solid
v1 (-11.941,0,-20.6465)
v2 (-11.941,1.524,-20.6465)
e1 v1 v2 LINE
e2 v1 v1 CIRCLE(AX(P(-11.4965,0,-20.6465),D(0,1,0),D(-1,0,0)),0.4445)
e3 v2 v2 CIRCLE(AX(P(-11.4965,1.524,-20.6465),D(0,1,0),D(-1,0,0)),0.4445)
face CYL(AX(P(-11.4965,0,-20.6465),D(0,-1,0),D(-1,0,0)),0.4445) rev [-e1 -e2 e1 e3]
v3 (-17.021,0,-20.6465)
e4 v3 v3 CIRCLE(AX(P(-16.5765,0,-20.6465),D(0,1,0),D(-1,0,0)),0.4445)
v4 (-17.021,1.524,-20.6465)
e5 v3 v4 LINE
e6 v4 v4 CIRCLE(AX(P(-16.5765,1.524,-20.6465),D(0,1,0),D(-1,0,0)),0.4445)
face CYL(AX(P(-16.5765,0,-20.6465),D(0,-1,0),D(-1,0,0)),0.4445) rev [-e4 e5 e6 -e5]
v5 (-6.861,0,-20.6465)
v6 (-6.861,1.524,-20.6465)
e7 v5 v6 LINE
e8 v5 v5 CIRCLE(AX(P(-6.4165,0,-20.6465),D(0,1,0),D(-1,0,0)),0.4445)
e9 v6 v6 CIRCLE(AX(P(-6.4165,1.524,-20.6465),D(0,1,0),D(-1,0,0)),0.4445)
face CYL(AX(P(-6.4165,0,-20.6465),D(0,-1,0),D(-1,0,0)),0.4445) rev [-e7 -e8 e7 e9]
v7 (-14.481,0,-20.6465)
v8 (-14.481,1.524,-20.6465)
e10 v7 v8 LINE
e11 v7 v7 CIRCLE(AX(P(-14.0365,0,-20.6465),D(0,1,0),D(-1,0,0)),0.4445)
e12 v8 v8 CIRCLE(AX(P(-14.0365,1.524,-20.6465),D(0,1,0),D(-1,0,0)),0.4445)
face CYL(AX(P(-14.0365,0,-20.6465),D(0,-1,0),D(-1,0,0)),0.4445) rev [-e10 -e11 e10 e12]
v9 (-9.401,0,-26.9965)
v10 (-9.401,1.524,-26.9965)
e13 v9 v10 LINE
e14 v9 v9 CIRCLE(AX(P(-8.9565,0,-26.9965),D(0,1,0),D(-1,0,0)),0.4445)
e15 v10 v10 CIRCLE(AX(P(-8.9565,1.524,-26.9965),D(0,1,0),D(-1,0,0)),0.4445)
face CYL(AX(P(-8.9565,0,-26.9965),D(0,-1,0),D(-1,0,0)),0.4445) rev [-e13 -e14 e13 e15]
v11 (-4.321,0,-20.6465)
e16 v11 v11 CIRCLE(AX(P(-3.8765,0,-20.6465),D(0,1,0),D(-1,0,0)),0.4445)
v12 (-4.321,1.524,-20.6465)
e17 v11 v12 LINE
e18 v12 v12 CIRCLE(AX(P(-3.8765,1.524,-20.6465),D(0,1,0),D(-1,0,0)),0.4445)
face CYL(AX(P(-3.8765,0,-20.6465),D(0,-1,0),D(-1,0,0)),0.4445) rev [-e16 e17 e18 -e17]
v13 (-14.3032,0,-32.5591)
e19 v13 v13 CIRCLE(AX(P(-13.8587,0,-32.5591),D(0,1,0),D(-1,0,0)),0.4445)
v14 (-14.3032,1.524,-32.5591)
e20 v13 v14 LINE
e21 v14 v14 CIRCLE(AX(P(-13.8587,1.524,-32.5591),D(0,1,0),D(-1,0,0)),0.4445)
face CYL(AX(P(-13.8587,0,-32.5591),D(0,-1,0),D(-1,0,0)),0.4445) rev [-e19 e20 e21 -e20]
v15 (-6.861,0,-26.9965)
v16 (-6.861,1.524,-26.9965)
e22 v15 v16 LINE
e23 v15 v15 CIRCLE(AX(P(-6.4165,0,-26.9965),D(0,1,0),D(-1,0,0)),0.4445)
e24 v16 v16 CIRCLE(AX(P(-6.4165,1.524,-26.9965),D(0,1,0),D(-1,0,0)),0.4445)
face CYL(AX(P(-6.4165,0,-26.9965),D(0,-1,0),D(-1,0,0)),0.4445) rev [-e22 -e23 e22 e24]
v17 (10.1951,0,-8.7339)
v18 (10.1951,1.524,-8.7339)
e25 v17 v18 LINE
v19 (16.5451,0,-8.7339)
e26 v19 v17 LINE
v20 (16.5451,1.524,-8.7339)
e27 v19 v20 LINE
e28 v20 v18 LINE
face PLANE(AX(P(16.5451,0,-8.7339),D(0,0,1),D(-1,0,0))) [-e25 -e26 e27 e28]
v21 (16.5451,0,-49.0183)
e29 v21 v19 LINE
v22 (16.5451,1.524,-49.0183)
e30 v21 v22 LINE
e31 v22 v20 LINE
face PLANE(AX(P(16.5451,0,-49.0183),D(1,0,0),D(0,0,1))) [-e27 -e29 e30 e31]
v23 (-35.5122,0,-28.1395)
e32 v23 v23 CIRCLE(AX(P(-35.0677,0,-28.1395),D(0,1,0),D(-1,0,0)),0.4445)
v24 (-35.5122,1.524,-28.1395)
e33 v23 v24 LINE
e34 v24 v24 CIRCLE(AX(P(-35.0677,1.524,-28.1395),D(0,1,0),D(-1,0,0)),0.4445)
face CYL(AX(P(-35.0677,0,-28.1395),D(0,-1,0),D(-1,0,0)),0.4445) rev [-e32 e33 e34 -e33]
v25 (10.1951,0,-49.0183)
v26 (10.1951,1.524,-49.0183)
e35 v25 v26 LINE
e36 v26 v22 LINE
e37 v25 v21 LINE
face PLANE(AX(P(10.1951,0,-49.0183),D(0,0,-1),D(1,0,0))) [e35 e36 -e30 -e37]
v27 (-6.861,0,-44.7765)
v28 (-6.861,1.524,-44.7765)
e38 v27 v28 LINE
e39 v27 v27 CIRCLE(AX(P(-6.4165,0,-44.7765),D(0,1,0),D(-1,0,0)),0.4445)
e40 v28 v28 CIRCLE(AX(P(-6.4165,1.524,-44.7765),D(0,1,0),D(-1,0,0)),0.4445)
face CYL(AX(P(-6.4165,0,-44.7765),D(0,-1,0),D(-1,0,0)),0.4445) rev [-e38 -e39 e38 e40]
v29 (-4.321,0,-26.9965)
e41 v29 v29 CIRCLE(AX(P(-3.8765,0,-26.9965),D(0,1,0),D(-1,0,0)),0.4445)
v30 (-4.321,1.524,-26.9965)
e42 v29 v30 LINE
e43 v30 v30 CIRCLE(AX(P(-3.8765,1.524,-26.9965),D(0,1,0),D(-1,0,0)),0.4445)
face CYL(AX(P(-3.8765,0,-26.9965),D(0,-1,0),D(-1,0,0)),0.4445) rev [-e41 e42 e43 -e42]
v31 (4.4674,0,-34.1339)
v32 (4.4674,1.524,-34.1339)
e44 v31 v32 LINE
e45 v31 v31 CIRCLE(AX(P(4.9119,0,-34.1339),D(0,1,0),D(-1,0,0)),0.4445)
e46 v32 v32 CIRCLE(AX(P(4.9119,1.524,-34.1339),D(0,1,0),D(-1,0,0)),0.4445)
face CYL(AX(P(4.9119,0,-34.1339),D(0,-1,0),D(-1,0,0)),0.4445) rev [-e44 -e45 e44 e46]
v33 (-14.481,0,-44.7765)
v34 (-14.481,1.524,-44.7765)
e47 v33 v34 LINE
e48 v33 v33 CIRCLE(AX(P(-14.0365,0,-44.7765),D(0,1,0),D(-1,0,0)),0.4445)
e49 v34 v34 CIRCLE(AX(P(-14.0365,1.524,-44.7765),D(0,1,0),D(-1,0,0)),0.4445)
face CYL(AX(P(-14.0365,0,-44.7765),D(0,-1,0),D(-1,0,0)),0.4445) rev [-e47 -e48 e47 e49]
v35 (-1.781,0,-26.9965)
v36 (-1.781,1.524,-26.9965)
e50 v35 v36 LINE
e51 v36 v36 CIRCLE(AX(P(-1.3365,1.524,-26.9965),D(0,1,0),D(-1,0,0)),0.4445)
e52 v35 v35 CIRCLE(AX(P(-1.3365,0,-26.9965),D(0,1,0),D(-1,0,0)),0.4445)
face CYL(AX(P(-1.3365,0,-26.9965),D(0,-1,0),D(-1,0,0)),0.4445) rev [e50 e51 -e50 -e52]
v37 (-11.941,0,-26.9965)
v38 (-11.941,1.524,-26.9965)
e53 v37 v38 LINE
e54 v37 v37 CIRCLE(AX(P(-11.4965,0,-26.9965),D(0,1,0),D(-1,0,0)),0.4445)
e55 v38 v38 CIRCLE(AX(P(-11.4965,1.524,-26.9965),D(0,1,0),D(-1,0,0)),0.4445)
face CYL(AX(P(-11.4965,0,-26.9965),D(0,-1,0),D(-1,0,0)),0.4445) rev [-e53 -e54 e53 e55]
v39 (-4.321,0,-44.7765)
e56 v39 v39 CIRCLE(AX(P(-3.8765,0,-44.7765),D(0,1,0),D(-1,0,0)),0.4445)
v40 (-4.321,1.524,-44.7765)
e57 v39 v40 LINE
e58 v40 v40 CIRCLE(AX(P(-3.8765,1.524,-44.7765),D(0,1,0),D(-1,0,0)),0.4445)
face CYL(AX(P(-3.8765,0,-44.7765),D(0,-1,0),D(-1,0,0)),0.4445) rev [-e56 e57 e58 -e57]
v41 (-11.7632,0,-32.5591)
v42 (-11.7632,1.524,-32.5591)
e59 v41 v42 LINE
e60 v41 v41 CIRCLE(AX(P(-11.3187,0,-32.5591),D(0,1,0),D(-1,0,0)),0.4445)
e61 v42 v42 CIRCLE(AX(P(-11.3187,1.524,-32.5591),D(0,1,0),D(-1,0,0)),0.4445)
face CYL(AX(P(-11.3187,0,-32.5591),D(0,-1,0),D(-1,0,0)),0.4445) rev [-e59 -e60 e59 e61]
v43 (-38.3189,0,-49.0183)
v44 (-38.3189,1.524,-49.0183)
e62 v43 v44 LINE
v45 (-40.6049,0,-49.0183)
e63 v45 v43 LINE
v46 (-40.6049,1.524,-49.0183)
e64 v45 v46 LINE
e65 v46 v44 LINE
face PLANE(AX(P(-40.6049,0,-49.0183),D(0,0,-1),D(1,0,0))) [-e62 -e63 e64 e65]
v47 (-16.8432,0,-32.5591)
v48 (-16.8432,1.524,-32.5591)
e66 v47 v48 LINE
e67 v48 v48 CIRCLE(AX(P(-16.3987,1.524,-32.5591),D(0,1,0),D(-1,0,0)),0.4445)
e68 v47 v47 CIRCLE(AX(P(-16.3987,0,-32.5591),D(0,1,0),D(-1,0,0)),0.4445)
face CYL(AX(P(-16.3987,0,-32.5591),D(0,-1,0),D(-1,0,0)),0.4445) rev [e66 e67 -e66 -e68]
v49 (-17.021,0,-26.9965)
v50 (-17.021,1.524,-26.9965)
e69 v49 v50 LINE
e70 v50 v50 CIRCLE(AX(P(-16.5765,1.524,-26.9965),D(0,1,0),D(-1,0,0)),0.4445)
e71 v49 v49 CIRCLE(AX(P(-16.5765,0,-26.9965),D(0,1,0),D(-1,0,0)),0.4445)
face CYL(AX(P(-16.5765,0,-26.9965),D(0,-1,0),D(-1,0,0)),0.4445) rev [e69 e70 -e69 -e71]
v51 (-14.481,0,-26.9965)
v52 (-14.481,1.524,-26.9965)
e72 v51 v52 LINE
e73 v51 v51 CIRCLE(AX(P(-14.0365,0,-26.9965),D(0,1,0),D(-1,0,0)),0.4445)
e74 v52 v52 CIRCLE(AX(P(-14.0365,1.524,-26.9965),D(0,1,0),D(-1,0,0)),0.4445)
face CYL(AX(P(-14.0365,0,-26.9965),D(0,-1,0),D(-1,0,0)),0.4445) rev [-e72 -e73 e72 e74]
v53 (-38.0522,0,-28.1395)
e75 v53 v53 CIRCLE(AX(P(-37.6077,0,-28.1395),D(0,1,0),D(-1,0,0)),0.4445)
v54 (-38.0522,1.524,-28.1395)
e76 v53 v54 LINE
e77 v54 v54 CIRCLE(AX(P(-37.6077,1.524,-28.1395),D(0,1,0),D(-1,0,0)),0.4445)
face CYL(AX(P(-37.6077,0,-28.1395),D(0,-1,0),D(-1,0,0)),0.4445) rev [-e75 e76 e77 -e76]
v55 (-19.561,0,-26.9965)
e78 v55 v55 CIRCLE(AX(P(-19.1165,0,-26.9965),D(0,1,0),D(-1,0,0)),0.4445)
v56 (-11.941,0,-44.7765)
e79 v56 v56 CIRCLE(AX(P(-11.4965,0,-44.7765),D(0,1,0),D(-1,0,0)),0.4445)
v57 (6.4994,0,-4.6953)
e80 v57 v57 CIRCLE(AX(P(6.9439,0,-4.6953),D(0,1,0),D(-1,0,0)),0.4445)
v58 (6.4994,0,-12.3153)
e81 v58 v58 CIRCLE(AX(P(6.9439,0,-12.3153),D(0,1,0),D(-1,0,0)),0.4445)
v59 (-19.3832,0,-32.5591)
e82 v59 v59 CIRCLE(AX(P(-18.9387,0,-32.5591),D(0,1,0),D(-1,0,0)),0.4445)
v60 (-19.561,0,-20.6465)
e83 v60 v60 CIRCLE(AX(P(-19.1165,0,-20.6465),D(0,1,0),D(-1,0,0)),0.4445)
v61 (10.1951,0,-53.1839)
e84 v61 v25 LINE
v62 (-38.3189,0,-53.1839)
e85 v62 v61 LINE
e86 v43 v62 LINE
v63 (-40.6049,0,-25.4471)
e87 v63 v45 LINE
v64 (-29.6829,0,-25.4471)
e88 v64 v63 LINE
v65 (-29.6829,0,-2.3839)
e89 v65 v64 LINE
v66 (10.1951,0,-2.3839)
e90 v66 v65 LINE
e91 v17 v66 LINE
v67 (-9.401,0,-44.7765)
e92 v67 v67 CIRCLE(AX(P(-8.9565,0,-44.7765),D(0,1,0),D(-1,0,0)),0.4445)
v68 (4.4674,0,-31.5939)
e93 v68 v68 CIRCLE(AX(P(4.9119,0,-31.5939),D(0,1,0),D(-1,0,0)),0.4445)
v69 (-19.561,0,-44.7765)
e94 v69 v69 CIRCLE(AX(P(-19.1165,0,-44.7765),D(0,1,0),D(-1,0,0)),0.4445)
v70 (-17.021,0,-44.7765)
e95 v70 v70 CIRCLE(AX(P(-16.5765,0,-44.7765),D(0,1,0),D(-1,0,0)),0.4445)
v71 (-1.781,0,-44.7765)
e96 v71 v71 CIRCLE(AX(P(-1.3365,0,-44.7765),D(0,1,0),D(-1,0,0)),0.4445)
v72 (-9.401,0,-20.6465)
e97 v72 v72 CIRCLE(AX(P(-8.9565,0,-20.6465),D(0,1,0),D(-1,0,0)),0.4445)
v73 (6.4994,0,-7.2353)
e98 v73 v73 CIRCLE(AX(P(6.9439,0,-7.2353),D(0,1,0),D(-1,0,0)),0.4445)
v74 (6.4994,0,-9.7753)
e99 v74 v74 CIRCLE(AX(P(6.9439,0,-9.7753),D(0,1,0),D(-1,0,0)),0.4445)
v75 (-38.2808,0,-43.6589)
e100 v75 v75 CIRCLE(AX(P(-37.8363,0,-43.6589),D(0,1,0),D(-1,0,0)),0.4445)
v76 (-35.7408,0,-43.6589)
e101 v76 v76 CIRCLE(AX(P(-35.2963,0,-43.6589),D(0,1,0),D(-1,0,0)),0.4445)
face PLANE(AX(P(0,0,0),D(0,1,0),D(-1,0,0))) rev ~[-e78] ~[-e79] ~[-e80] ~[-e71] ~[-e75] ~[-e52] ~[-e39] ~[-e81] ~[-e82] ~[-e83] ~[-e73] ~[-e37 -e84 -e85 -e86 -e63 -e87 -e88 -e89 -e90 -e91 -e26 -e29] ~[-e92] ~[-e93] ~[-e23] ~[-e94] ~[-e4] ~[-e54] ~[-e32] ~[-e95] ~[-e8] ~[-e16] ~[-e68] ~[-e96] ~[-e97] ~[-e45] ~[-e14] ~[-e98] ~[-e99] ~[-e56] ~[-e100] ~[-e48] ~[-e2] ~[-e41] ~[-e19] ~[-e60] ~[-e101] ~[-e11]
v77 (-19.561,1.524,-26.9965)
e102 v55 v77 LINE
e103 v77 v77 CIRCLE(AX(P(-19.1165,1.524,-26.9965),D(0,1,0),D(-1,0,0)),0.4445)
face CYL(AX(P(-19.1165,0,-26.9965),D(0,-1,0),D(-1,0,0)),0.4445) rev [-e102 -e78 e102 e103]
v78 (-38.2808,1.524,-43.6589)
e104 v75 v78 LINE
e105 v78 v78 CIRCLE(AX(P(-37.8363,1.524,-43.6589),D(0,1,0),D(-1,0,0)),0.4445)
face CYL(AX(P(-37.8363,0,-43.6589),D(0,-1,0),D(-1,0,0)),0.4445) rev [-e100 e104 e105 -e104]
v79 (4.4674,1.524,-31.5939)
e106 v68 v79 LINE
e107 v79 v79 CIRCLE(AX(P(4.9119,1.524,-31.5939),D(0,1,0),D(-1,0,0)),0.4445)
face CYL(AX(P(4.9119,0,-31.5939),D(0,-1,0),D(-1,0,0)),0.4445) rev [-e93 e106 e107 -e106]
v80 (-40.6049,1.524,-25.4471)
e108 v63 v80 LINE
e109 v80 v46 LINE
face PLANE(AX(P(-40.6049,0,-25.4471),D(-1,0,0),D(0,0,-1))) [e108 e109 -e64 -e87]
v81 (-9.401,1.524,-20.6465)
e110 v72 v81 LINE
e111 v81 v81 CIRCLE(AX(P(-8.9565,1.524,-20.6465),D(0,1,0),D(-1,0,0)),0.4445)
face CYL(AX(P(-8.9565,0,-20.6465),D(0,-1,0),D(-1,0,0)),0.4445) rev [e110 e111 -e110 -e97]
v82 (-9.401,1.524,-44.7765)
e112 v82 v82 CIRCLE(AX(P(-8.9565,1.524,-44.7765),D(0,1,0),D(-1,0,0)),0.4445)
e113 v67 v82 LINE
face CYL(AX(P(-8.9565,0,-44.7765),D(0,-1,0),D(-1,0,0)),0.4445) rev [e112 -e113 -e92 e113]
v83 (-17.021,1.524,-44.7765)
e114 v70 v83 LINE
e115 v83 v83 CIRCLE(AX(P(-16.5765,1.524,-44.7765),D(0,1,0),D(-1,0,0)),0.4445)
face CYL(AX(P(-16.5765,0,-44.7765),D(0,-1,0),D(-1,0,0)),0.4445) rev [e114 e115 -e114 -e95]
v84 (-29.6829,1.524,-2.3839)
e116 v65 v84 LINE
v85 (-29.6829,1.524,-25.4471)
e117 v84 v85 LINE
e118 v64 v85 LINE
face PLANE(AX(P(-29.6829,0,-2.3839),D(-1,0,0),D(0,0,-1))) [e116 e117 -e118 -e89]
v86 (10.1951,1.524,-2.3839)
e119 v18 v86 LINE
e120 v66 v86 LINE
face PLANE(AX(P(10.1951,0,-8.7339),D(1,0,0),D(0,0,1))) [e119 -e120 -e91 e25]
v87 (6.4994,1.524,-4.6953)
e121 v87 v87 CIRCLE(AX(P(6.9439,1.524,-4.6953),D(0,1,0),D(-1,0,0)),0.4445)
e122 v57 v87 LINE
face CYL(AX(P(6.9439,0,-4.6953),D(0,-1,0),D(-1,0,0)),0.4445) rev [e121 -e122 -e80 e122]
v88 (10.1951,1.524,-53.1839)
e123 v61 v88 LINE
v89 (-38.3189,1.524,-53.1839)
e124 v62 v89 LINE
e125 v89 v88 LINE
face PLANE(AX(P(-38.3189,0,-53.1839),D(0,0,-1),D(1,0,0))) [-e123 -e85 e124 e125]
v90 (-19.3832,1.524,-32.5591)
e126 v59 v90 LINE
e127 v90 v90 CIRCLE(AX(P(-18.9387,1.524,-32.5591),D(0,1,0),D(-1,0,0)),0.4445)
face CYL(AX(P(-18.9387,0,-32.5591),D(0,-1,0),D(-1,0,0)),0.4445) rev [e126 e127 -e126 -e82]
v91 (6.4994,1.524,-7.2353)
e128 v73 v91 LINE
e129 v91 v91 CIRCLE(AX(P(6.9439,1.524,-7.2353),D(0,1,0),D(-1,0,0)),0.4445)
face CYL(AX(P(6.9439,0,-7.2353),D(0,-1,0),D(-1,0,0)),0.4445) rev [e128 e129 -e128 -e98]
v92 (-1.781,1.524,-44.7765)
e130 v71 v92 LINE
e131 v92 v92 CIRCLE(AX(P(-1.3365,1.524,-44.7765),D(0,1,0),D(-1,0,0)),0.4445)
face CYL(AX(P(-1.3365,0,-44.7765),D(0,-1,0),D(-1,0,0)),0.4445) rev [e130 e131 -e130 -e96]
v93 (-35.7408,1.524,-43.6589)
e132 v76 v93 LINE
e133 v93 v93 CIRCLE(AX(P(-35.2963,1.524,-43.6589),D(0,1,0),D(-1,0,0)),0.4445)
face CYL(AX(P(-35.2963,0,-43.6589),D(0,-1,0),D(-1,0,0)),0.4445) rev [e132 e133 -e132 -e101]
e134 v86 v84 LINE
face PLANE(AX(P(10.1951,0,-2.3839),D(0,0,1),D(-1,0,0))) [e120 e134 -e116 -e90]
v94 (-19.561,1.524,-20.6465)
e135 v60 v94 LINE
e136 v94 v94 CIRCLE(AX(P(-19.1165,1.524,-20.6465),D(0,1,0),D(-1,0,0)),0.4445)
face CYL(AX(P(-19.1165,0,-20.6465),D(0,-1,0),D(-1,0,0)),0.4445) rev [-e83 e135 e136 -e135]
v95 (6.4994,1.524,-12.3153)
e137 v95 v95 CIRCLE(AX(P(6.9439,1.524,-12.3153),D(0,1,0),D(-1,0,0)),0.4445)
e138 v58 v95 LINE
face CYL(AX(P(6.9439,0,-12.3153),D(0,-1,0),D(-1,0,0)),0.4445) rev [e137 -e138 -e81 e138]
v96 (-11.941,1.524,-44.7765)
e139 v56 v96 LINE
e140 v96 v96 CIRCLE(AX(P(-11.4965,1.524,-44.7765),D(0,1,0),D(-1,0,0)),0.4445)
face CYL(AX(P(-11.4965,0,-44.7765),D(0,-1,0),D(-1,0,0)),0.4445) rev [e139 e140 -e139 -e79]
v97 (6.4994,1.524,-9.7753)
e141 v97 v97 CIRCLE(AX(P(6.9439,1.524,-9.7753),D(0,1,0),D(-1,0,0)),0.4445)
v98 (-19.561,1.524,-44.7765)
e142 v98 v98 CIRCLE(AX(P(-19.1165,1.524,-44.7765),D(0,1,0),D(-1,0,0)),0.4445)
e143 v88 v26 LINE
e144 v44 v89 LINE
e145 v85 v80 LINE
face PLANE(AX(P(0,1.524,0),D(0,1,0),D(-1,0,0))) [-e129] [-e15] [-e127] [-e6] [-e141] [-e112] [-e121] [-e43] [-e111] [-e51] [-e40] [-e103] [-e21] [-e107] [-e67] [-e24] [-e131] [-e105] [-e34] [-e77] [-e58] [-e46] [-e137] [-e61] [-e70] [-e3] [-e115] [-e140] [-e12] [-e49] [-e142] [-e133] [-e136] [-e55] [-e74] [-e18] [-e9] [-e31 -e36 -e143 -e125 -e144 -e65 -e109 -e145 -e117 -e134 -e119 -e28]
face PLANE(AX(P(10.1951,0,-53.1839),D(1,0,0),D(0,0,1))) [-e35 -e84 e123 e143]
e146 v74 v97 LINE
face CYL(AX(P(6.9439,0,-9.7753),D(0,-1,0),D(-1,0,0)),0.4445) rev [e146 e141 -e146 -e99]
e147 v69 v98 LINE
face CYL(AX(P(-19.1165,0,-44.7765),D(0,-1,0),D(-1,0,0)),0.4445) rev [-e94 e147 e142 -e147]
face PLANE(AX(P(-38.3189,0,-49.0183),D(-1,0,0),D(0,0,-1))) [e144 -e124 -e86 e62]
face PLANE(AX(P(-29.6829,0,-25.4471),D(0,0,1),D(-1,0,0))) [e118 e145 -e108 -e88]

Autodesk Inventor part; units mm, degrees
ref_plane "YZ Plane" through (0, 0, 0) normal (1, 0, 0) x (0, 1, 0)
ref_plane "XZ Plane" through (0, 0, 0) normal (0, 1, 0) x (-1, 0, 0)
ref_plane "XY Plane" through (0, 0, 0) normal (0, 0, 1) x (1, 0, 0)
sketch "Sketch1" plane through (0, 0, 0) normal (0, 1, 0) x (-1, 0, 0)
  line L0 (38.3189, -53.1839) -> (-10.1951, -53.1839)
  line L1 (-10.1951, -53.1839) -> (-10.1951, -49.0183)
  line L2 (-10.1951, -49.0183) -> (-16.5451, -49.0183)
  line L3 (-16.5451, -49.0183) -> (-16.5451, -8.7339)
  line L4 (-16.5451, -8.7339) -> (-10.1951, -8.7339)
  line L5 (-10.1951, -8.7339) -> (-10.1951, -2.3839)
  line L6 (-10.1951, -2.3839) -> (29.6829, -2.3839)
  line L7 (29.6829, -2.3839) -> (29.6829, -25.4471)
  line L8 (29.6829, -25.4471) -> (40.6049, -25.4471)
  line L9 (40.6049, -25.4471) -> (40.6049, -49.0183)
  line L10 (40.6049, -49.0183) -> (38.3189, -49.0183)
  line L11 (38.3189, -49.0183) -> (38.3189, -53.1839)
  circle A0 centre (37.8363, -43.6589) radius 0.4445
  circle A1 centre (35.2963, -43.6589) radius 0.4445
  circle A2 centre (37.6077, -28.1395) radius 0.4445
  circle A3 centre (35.0677, -28.1395) radius 0.4445
  circle A4 centre (19.1165, -44.7765) radius 0.4445
  circle A5 centre (16.5765, -44.7765) radius 0.4445
  circle A6 centre (14.0365, -44.7765) radius 0.4445
  circle A7 centre (11.4965, -44.7765) radius 0.4445
  circle A8 centre (8.9565, -44.7765) radius 0.4445
  circle A9 centre (6.4165, -44.7765) radius 0.4445
  circle A10 centre (3.8765, -44.7765) radius 0.4445
  circle A11 centre (1.3365, -44.7765) radius 0.4445
  circle A12 centre (19.1165, -26.9965) radius 0.4445
  circle A13 centre (16.5765, -26.9965) radius 0.4445
  circle A14 centre (14.0365, -26.9965) radius 0.4445
  circle A15 centre (11.4965, -26.9965) radius 0.4445
  circle A16 centre (8.9565, -26.9965) radius 0.4445
  circle A17 centre (6.4165, -26.9965) radius 0.4445
  circle A18 centre (3.8765, -26.9965) radius 0.4445
  circle A19 centre (1.3365, -26.9965) radius 0.4445
  circle A20 centre (19.1165, -20.6465) radius 0.4445
  circle A21 centre (16.5765, -20.6465) radius 0.4445
  circle A22 centre (14.0365, -20.6465) radius 0.4445
  circle A23 centre (11.4965, -20.6465) radius 0.4445
  circle A24 centre (8.9565, -20.6465) radius 0.4445
  circle A25 centre (6.4165, -20.6465) radius 0.4445
  circle A26 centre (3.8765, -20.6465) radius 0.4445
  circle A27 centre (18.9387, -32.5591) radius 0.4445
  circle A28 centre (16.3987, -32.5591) radius 0.4445
  circle A29 centre (13.8587, -32.5591) radius 0.4445
  circle A30 centre (11.3187, -32.5591) radius 0.4445
  circle A31 centre (-6.9439, -4.6953) radius 0.4445
  circle A32 centre (-6.9439, -7.2353) radius 0.4445
  circle A33 centre (-6.9439, -9.7753) radius 0.4445
  circle A34 centre (-6.9439, -12.3153) radius 0.4445
  circle A35 centre (-4.9119, -31.5939) radius 0.4445
  circle A36 centre (-4.9119, -34.1339) radius 0.4445
  point P0 (0, 0)
  dimension "d0" = 57.15
  dimension "d1" = 50.8
  dimension "d2" = 4.1656
  dimension "d3" = 6.35
  dimension "d4" = 6.35
  dimension "d5" = 10.922
  dimension "d6" = 23.0632
  dimension "d7" = 2.286
  dimension "d8" = 0.889
  dimension "d9" = 2.54
  dimension "d10" = 2.7686
  dimension "d11" = 9.525
  dimension "d12" = 0.889
  dimension "d13" = 2.54
  dimension "d14" = 2.6924
  dimension "d15" = 2.9972
  dimension "d16" = 2.54
  dimension "d17" = 2.54
  dimension "d18" = 2.54
  dimension "d19" = 2.54
  dimension "d20" = 2.54
  dimension "d21" = 2.54
  dimension "d22" = 2.54
  dimension "d23" = 8.4074
  dimension "d24" = 21.4884
  dimension "d25" = 2.54
  dimension "d26" = 2.54
  dimension "d27" = 2.54
  dimension "d28" = 2.54
  dimension "d29" = 2.54
  dimension "d30" = 2.54
  dimension "d31" = 2.54
  dimension "d32" = 17.78
  dimension "d33" = 2.54
  dimension "d34" = 2.54
  dimension "d35" = 2.54
  dimension "d36" = 2.54
  dimension "d37" = 2.54
  dimension "d38" = 2.54
  dimension "d39" = 6.35
  dimension "d40" = 2.54
  dimension "d41" = 2.54
  dimension "d42" = 2.54
  dimension "d44" = 2.54
  dimension "d45" = 2.54
  dimension "d46" = 2.54
  dimension "d47" = 2.3114
  dimension "d48" = 3.2512
  dimension "d49" = 0.1778
  dimension "d50" = 5.5626
  dimension "d51" = 2.54
  dimension "d52" = 14.8844
  dimension "d53" = 11.6332
extrude "Extrusion1" add sketch "Sketch1" along normal blind 1.524
properties part number "Main PCB2"
